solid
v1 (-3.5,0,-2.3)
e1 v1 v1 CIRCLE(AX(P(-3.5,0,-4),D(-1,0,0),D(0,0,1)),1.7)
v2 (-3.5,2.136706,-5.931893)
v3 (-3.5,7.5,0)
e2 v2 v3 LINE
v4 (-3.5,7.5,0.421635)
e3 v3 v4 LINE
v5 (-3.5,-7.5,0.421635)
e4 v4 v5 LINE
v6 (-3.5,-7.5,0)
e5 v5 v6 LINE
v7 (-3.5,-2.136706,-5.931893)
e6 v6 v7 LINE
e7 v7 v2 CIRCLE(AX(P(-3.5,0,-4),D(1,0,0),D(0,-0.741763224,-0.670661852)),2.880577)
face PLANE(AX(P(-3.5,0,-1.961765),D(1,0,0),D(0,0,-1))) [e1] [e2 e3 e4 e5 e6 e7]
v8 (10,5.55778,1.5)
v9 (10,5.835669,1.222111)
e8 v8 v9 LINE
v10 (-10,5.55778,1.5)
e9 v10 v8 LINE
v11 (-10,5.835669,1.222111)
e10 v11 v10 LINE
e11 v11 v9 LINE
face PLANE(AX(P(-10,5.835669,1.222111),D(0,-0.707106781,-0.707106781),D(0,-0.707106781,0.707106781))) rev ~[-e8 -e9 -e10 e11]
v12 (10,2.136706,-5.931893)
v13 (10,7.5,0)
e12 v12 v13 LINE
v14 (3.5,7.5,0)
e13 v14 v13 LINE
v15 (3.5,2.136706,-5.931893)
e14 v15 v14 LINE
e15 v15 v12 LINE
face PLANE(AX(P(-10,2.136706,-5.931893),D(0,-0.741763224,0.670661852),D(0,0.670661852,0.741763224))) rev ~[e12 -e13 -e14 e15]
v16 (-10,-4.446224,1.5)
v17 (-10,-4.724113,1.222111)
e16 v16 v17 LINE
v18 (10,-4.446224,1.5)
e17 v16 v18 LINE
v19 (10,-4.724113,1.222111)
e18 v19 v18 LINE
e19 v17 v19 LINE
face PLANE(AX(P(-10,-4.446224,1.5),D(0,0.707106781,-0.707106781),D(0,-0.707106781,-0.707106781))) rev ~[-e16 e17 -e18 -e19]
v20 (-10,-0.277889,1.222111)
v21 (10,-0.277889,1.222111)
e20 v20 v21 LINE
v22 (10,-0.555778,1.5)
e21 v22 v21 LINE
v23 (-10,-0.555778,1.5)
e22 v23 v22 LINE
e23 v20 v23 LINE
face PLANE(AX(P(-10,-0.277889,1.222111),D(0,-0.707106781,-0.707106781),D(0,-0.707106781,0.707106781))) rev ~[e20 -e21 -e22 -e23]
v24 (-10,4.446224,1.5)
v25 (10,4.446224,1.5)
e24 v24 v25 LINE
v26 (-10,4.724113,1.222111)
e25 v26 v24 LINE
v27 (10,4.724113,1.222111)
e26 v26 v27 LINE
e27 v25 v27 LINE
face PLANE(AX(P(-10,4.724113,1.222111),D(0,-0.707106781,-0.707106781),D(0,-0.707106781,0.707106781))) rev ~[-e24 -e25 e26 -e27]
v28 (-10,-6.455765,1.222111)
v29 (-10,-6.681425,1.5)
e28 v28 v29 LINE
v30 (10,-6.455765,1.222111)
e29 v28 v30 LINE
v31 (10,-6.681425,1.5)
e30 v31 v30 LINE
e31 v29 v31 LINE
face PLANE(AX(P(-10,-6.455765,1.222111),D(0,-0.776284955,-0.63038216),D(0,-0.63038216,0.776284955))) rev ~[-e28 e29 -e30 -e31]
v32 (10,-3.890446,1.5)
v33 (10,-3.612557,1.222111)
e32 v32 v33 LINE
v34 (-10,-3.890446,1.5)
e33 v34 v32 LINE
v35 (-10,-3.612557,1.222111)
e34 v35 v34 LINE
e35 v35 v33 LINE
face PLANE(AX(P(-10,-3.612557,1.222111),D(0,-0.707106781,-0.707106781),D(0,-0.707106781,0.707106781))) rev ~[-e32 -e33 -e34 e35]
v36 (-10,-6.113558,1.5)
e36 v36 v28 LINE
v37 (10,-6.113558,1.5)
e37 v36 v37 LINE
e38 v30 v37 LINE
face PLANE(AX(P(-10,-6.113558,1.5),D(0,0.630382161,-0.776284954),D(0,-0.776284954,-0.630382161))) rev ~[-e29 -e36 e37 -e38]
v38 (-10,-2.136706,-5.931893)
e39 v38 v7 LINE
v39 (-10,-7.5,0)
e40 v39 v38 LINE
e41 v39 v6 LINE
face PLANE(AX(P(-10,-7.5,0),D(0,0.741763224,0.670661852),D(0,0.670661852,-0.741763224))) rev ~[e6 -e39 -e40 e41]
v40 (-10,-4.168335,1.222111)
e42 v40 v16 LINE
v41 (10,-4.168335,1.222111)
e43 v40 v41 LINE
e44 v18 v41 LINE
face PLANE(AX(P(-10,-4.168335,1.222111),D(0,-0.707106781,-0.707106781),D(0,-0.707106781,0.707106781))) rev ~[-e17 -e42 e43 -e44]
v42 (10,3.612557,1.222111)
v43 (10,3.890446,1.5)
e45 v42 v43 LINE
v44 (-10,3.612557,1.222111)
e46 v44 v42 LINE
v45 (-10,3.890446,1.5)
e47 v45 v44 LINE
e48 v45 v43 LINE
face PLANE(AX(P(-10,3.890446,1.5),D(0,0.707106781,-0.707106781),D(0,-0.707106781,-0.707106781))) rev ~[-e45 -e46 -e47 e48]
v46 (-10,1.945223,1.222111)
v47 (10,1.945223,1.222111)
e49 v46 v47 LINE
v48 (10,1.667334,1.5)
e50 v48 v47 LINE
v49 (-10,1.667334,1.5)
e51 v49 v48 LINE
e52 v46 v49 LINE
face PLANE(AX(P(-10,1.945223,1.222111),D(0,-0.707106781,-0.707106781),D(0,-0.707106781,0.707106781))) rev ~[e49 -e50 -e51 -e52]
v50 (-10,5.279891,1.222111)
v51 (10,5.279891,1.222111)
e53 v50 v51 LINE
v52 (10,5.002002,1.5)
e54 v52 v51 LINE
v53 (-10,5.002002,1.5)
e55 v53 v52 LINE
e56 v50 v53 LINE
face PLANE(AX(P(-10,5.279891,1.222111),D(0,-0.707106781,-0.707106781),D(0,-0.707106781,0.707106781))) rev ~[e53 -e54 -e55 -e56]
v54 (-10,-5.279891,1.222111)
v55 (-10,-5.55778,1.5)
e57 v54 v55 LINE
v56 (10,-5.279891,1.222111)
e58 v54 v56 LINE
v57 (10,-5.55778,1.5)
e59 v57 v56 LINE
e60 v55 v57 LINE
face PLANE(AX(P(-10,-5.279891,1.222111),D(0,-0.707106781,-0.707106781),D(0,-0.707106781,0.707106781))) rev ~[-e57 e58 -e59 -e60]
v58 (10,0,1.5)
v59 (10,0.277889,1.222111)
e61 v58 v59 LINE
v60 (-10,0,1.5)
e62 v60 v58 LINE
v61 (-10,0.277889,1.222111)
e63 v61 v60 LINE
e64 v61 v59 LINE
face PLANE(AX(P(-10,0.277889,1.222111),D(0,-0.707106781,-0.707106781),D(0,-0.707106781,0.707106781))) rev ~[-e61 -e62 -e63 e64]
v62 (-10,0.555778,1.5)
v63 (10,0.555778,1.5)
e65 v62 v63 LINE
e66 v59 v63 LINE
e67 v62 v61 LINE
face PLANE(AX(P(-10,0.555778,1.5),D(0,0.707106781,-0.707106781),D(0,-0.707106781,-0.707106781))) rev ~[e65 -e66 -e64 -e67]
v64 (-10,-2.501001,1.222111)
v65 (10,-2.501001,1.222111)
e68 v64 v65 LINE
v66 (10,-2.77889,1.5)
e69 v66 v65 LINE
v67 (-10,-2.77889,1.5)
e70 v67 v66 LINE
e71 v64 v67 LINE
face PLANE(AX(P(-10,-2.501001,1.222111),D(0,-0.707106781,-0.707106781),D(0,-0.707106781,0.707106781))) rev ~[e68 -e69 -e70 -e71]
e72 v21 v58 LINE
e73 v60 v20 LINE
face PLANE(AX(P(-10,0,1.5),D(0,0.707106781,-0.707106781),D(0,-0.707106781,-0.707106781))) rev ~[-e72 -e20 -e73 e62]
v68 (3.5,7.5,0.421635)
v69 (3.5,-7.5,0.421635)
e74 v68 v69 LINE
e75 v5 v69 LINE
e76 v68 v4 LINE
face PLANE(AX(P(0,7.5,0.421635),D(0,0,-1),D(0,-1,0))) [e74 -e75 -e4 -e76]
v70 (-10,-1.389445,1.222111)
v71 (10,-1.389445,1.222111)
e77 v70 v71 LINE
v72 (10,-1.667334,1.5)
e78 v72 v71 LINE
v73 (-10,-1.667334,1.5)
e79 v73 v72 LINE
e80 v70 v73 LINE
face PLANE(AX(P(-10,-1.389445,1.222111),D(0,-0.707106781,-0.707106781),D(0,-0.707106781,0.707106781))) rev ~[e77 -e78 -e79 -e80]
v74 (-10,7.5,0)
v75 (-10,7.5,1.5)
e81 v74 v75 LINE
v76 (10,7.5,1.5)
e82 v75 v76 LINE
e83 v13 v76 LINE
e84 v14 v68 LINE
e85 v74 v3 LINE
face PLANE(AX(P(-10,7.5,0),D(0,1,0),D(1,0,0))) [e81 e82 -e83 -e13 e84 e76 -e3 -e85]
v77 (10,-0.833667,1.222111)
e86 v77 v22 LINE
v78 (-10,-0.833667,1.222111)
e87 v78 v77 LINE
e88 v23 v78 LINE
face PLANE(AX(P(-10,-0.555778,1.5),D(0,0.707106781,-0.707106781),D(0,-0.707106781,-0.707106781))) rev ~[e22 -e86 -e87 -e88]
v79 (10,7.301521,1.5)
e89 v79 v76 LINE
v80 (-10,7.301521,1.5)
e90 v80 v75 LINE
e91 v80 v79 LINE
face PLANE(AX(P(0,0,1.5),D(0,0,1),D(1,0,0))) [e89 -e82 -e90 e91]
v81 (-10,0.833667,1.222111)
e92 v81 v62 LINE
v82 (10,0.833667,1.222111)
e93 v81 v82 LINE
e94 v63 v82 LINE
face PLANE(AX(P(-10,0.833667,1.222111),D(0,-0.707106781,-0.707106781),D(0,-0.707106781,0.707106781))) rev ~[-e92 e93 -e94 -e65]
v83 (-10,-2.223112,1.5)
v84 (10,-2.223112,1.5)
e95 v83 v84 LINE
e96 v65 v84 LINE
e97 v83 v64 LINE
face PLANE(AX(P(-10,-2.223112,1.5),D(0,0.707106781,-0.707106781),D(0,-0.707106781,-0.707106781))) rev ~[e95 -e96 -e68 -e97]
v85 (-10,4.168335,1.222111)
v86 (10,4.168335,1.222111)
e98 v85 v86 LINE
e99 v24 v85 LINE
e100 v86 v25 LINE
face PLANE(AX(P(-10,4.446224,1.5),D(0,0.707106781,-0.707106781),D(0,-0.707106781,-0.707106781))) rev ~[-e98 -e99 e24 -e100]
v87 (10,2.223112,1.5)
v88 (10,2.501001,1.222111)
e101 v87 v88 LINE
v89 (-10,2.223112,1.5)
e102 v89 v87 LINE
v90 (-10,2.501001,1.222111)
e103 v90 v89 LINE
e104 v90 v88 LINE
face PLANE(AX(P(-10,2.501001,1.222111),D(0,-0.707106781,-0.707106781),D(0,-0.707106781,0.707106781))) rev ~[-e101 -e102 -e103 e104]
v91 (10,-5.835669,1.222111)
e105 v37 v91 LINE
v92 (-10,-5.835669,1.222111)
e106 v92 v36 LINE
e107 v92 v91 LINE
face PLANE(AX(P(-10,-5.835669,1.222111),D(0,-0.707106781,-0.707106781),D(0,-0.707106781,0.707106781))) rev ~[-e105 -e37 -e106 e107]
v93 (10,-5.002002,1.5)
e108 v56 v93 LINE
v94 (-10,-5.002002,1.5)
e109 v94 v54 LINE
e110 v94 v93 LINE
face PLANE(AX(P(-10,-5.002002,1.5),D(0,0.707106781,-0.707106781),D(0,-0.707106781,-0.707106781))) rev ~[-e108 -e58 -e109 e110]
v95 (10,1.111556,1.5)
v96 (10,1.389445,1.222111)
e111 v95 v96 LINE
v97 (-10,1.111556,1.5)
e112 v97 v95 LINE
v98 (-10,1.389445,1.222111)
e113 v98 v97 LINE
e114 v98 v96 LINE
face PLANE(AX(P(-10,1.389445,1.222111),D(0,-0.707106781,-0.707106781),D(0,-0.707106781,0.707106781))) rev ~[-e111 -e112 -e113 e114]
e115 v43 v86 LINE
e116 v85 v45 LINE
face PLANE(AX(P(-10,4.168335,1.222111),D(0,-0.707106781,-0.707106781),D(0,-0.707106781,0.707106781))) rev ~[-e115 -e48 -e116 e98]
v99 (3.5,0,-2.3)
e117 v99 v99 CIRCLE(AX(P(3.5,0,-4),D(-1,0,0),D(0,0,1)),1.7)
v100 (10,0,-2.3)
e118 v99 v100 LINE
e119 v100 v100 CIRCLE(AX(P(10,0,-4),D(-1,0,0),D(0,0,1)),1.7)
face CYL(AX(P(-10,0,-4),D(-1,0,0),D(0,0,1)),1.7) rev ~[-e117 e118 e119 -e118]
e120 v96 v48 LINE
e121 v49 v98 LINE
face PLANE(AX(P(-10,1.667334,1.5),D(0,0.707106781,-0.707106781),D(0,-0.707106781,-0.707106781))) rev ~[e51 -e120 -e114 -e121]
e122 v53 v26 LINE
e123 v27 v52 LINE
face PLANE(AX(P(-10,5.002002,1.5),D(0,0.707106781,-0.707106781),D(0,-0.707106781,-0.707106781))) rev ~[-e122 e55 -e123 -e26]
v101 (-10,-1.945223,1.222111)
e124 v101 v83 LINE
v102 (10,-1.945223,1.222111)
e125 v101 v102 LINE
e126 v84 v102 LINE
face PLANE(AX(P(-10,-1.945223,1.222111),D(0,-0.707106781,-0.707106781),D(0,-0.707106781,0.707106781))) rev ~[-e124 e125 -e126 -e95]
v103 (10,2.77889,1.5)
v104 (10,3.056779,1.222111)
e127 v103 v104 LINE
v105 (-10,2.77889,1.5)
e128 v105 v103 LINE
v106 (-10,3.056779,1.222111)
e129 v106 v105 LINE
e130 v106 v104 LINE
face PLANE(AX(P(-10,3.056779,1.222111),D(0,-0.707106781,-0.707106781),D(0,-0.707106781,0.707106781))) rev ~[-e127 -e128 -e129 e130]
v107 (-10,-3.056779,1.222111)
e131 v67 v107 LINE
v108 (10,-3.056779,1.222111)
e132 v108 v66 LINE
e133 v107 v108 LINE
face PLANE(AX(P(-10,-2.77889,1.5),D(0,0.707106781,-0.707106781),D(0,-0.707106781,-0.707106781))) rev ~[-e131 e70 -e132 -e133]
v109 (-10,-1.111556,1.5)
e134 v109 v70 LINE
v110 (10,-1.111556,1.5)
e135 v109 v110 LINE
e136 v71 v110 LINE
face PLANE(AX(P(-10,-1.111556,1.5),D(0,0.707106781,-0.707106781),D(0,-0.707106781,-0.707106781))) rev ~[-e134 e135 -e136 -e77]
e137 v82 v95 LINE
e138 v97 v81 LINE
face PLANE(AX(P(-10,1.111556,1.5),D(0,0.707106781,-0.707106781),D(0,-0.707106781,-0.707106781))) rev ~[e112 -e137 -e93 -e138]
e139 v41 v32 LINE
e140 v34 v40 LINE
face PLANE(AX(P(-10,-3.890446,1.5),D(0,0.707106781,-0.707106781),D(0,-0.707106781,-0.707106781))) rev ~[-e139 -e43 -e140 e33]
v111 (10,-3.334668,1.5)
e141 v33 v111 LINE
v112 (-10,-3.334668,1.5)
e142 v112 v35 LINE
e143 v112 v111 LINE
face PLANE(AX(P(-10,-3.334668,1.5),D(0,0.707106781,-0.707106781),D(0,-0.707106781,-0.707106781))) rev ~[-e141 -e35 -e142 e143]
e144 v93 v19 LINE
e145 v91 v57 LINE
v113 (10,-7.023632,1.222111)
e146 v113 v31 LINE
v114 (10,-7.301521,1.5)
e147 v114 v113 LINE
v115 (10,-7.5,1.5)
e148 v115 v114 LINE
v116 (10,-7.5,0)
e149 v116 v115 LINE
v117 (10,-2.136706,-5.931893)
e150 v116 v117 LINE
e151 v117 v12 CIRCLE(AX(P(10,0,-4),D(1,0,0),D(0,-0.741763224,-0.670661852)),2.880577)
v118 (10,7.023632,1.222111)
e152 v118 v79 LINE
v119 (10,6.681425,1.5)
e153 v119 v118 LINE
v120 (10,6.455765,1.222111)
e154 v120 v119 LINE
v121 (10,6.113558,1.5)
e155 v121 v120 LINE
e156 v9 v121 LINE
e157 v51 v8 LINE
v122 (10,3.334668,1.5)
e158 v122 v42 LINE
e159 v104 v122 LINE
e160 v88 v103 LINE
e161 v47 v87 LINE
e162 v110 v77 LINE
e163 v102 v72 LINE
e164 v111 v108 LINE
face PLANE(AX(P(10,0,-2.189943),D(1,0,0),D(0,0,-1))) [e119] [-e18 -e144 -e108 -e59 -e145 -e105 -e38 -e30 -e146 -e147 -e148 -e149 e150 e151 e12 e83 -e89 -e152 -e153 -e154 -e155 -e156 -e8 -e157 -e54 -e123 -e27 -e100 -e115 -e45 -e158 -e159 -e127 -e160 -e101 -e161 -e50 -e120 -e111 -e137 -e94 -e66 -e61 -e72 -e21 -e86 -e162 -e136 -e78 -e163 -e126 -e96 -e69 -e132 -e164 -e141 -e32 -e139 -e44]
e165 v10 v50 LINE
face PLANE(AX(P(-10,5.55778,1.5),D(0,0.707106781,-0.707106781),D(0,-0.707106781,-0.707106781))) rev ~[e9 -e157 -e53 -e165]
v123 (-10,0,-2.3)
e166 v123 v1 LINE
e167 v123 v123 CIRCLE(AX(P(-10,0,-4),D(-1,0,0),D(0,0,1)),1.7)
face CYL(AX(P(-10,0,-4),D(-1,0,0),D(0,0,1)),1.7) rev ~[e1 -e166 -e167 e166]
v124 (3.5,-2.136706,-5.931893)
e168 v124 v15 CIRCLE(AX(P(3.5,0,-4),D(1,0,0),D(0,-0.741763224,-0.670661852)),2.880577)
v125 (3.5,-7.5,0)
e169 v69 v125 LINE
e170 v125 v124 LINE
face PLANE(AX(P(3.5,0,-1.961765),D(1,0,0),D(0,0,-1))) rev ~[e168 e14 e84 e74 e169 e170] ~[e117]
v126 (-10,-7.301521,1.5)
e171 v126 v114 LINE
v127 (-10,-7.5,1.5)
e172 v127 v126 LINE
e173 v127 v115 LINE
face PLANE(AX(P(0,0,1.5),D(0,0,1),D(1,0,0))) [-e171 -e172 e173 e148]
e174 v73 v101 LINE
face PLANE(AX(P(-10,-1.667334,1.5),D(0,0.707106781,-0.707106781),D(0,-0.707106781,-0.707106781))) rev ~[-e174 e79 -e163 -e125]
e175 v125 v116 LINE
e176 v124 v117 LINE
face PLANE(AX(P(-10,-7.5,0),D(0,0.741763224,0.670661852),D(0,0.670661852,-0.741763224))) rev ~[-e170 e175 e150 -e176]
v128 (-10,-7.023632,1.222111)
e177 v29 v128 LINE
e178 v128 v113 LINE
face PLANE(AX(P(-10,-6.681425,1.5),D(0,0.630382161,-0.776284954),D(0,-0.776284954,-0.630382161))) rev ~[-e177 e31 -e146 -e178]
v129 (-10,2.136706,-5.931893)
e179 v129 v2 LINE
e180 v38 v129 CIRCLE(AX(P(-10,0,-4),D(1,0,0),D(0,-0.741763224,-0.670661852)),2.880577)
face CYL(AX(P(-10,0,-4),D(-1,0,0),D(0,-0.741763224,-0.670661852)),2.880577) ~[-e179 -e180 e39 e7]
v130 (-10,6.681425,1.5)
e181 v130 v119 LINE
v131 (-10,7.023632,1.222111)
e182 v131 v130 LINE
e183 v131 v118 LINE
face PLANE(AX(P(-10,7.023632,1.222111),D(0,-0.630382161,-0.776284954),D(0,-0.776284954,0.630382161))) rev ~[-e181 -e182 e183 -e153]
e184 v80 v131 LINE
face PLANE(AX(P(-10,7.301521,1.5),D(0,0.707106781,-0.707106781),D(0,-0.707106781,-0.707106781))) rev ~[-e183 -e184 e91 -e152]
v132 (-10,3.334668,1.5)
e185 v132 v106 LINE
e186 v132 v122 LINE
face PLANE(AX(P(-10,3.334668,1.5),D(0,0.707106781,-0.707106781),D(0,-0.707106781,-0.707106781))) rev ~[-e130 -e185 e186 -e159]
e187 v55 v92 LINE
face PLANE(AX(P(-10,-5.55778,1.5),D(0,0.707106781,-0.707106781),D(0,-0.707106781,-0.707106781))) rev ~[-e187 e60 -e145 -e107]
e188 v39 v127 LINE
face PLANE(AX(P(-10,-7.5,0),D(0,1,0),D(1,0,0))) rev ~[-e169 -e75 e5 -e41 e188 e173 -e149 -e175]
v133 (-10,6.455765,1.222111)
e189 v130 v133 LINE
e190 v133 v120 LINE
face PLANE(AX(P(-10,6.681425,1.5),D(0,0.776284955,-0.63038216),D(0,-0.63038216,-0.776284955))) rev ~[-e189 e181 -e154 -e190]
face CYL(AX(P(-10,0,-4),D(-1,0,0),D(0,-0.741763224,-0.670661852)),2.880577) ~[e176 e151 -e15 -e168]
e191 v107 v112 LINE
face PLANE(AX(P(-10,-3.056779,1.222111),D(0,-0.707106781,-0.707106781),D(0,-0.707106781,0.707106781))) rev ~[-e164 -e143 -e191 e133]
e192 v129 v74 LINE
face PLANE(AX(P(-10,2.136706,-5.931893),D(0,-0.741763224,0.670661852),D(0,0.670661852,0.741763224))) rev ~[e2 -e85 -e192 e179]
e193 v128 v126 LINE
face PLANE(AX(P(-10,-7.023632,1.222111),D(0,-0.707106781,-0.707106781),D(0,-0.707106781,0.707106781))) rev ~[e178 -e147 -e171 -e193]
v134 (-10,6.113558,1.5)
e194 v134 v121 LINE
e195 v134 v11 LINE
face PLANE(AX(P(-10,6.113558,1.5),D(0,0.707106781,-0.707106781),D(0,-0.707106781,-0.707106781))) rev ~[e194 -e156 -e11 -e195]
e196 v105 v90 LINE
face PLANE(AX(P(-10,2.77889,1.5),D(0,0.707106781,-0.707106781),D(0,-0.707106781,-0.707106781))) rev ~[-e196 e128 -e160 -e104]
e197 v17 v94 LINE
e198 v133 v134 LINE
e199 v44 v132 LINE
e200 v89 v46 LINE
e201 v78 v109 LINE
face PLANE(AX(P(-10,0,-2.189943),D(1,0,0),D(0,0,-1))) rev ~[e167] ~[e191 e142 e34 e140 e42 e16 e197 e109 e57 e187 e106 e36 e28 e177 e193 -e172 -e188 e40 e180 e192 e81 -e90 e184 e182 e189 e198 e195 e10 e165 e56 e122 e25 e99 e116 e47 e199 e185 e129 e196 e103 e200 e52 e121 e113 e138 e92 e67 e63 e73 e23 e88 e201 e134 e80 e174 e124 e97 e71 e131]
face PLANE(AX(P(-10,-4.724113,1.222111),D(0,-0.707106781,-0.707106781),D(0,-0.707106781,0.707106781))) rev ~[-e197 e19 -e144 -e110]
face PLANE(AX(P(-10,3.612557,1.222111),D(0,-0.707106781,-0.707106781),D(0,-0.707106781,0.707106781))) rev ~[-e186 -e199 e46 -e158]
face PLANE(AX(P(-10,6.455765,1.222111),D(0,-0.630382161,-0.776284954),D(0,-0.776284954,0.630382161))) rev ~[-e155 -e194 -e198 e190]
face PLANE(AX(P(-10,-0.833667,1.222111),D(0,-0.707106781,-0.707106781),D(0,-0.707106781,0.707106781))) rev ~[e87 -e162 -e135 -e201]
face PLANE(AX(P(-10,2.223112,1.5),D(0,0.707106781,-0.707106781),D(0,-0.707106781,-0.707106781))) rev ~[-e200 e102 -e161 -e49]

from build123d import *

# Parameters (mm, degrees)
ESQUISSE2_W             = 20
ESQUISSE2_H             = 15
BOSS_EXTRU_1_DEPTH      = 1.5
ESQUISSE3_R             = 1.7
BOSS_EXTRU_2_DEPTH      = 20
ENL_V_MAT_EXTRU_2_DEPTH = 3.5
ENL_V_MAT_EXTRU_4_DEPTH = 21


with BuildPart() as part:
    # Esquisse2 → Boss.-Extru.1 (new body)
    with BuildSketch(Plane.XY):
        Rectangle(ESQUISSE2_W, ESQUISSE2_H)
    extrude(amount=BOSS_EXTRU_1_DEPTH)

    # Esquisse3 → Boss.-Extru.2 (add)
    with BuildSketch(Plane.ZY.offset(10)):
        with BuildLine():
            Line((-5.931892952, 2.136705913), (0, 7.5))
            Line((0, 7.5), (0, -7.5))
            Line((0, -7.5), (-5.931892952, -2.136705913))
            ThreePointArc((-5.931892952, -2.136705913), (-6.880576771, 0), (-5.931892952, 2.136705913))
        make_face()
        with Locations((-4, 0)):
            Circle(ESQUISSE3_R, mode=Mode.SUBTRACT)
    extrude(amount=-BOSS_EXTRU_2_DEPTH)

    # Esquisse5 → Enlèv. mat.-Extru.2 (cut, symmetric)
    with BuildSketch(Plane.ZY):
        with BuildLine():
            Line((0.421634759, 7.5), (0.421634759, -7.5))
            Line((0.421634759, -7.5), (0, -7.5))
            Line((0, -7.5), (-5.931892952, -2.136705913))
            ThreePointArc((-5.931892952, -2.136705913), (-6.880576771, 0), (-5.931892952, 2.136705913))
            Line((-5.931892952, 2.136705913), (0, 7.5))
            Line((0, 7.5), (0.421634759, 7.5))
        make_face()
    extrude(amount=ENL_V_MAT_EXTRU_2_DEPTH, both=True, mode=Mode.SUBTRACT)

    # Esquisse4 → Enlèv. mat.-Extru.4 (cut)
    with BuildSketch(Plane.ZY.offset(10)):
        Polygon((1.222110979, 7.02363184), (1.5, 6.681425034), (1.5, 7.301520861), align=None)
        Polygon((1.222110979, 6.455765268), (1.5, 6.113558462), (1.5, 6.681425034), align=None)
        Polygon((1.222110979, 5.835669441), (1.5, 5.55778042), (1.5, 6.113558462), align=None)
        Polygon((1.222110979, 5.279891399), (1.5, 5.002002378), (1.5, 5.55778042), align=None)
        Polygon((1.222110979, 4.724113357), (1.5, 4.446224336), (1.5, 5.002002378), align=None)
        Polygon((1.222110979, 4.168335315), (1.5, 3.890446294), (1.5, 4.446224336), align=None)
        Polygon((1.222110979, 3.612557273), (1.5, 3.334668252), (1.5, 3.890446294), align=None)
        Polygon((1.222110979, 3.056779231), (1.5, 2.77889021), (1.5, 3.334668252), align=None)
        Polygon((1.222110979, 2.501001189), (1.5, 2.223112168), (1.5, 2.77889021), align=None)
        Polygon((1.222110979, 1.945223147), (1.5, 1.667334126), (1.5, 2.223112168), align=None)
        Polygon((1.222110979, 1.389445105), (1.5, 1.111556084), (1.5, 1.667334126), align=None)
        Polygon((1.222110979, 0.833667063), (1.5, 0.555778042), (1.5, 1.111556084), align=None)
        Polygon((1.222110979, 0.277889021), (1.5, 0), (1.5, 0.555778042), align=None)
        Polygon((1.5, -0.555778042), (1.5, 0), (1.222110979, -0.277889021), align=None)
        Polygon((1.5, -1.111556084), (1.5, -0.555778042), (1.222110979, -0.833667063), align=None)
        Polygon((1.5, -1.667334126), (1.5, -1.111556084), (1.222110979, -1.389445105), align=None)
        Polygon((1.5, -2.223112168), (1.5, -1.667334126), (1.222110979, -1.945223147), align=None)
        Polygon((1.5, -2.77889021), (1.5, -2.223112168), (1.222110979, -2.501001189), align=None)
        Polygon((1.5, -3.334668252), (1.5, -2.77889021), (1.222110979, -3.056779231), align=None)
        Polygon((1.5, -3.890446294), (1.5, -3.334668252), (1.222110979, -3.612557273), align=None)
        Polygon((1.5, -4.446224336), (1.5, -3.890446294), (1.222110979, -4.168335315), align=None)
        Polygon((1.5, -5.002002378), (1.5, -4.446224336), (1.222110979, -4.724113357), align=None)
        Polygon((1.5, -5.55778042), (1.5, -5.002002378), (1.222110979, -5.279891399), align=None)
        Polygon((1.5, -6.113558462), (1.5, -5.55778042), (1.222110979, -5.835669441), align=None)
        Polygon((1.5, -6.681425034), (1.5, -6.113558462), (1.222110979, -6.455765268), align=None)
        Polygon((1.5, -7.301520861), (1.5, -6.681425034), (1.222110979, -7.02363184), align=None)
    extrude(amount=-ENL_V_MAT_EXTRU_4_DEPTH, mode=Mode.SUBTRACT)


solid = part.part
